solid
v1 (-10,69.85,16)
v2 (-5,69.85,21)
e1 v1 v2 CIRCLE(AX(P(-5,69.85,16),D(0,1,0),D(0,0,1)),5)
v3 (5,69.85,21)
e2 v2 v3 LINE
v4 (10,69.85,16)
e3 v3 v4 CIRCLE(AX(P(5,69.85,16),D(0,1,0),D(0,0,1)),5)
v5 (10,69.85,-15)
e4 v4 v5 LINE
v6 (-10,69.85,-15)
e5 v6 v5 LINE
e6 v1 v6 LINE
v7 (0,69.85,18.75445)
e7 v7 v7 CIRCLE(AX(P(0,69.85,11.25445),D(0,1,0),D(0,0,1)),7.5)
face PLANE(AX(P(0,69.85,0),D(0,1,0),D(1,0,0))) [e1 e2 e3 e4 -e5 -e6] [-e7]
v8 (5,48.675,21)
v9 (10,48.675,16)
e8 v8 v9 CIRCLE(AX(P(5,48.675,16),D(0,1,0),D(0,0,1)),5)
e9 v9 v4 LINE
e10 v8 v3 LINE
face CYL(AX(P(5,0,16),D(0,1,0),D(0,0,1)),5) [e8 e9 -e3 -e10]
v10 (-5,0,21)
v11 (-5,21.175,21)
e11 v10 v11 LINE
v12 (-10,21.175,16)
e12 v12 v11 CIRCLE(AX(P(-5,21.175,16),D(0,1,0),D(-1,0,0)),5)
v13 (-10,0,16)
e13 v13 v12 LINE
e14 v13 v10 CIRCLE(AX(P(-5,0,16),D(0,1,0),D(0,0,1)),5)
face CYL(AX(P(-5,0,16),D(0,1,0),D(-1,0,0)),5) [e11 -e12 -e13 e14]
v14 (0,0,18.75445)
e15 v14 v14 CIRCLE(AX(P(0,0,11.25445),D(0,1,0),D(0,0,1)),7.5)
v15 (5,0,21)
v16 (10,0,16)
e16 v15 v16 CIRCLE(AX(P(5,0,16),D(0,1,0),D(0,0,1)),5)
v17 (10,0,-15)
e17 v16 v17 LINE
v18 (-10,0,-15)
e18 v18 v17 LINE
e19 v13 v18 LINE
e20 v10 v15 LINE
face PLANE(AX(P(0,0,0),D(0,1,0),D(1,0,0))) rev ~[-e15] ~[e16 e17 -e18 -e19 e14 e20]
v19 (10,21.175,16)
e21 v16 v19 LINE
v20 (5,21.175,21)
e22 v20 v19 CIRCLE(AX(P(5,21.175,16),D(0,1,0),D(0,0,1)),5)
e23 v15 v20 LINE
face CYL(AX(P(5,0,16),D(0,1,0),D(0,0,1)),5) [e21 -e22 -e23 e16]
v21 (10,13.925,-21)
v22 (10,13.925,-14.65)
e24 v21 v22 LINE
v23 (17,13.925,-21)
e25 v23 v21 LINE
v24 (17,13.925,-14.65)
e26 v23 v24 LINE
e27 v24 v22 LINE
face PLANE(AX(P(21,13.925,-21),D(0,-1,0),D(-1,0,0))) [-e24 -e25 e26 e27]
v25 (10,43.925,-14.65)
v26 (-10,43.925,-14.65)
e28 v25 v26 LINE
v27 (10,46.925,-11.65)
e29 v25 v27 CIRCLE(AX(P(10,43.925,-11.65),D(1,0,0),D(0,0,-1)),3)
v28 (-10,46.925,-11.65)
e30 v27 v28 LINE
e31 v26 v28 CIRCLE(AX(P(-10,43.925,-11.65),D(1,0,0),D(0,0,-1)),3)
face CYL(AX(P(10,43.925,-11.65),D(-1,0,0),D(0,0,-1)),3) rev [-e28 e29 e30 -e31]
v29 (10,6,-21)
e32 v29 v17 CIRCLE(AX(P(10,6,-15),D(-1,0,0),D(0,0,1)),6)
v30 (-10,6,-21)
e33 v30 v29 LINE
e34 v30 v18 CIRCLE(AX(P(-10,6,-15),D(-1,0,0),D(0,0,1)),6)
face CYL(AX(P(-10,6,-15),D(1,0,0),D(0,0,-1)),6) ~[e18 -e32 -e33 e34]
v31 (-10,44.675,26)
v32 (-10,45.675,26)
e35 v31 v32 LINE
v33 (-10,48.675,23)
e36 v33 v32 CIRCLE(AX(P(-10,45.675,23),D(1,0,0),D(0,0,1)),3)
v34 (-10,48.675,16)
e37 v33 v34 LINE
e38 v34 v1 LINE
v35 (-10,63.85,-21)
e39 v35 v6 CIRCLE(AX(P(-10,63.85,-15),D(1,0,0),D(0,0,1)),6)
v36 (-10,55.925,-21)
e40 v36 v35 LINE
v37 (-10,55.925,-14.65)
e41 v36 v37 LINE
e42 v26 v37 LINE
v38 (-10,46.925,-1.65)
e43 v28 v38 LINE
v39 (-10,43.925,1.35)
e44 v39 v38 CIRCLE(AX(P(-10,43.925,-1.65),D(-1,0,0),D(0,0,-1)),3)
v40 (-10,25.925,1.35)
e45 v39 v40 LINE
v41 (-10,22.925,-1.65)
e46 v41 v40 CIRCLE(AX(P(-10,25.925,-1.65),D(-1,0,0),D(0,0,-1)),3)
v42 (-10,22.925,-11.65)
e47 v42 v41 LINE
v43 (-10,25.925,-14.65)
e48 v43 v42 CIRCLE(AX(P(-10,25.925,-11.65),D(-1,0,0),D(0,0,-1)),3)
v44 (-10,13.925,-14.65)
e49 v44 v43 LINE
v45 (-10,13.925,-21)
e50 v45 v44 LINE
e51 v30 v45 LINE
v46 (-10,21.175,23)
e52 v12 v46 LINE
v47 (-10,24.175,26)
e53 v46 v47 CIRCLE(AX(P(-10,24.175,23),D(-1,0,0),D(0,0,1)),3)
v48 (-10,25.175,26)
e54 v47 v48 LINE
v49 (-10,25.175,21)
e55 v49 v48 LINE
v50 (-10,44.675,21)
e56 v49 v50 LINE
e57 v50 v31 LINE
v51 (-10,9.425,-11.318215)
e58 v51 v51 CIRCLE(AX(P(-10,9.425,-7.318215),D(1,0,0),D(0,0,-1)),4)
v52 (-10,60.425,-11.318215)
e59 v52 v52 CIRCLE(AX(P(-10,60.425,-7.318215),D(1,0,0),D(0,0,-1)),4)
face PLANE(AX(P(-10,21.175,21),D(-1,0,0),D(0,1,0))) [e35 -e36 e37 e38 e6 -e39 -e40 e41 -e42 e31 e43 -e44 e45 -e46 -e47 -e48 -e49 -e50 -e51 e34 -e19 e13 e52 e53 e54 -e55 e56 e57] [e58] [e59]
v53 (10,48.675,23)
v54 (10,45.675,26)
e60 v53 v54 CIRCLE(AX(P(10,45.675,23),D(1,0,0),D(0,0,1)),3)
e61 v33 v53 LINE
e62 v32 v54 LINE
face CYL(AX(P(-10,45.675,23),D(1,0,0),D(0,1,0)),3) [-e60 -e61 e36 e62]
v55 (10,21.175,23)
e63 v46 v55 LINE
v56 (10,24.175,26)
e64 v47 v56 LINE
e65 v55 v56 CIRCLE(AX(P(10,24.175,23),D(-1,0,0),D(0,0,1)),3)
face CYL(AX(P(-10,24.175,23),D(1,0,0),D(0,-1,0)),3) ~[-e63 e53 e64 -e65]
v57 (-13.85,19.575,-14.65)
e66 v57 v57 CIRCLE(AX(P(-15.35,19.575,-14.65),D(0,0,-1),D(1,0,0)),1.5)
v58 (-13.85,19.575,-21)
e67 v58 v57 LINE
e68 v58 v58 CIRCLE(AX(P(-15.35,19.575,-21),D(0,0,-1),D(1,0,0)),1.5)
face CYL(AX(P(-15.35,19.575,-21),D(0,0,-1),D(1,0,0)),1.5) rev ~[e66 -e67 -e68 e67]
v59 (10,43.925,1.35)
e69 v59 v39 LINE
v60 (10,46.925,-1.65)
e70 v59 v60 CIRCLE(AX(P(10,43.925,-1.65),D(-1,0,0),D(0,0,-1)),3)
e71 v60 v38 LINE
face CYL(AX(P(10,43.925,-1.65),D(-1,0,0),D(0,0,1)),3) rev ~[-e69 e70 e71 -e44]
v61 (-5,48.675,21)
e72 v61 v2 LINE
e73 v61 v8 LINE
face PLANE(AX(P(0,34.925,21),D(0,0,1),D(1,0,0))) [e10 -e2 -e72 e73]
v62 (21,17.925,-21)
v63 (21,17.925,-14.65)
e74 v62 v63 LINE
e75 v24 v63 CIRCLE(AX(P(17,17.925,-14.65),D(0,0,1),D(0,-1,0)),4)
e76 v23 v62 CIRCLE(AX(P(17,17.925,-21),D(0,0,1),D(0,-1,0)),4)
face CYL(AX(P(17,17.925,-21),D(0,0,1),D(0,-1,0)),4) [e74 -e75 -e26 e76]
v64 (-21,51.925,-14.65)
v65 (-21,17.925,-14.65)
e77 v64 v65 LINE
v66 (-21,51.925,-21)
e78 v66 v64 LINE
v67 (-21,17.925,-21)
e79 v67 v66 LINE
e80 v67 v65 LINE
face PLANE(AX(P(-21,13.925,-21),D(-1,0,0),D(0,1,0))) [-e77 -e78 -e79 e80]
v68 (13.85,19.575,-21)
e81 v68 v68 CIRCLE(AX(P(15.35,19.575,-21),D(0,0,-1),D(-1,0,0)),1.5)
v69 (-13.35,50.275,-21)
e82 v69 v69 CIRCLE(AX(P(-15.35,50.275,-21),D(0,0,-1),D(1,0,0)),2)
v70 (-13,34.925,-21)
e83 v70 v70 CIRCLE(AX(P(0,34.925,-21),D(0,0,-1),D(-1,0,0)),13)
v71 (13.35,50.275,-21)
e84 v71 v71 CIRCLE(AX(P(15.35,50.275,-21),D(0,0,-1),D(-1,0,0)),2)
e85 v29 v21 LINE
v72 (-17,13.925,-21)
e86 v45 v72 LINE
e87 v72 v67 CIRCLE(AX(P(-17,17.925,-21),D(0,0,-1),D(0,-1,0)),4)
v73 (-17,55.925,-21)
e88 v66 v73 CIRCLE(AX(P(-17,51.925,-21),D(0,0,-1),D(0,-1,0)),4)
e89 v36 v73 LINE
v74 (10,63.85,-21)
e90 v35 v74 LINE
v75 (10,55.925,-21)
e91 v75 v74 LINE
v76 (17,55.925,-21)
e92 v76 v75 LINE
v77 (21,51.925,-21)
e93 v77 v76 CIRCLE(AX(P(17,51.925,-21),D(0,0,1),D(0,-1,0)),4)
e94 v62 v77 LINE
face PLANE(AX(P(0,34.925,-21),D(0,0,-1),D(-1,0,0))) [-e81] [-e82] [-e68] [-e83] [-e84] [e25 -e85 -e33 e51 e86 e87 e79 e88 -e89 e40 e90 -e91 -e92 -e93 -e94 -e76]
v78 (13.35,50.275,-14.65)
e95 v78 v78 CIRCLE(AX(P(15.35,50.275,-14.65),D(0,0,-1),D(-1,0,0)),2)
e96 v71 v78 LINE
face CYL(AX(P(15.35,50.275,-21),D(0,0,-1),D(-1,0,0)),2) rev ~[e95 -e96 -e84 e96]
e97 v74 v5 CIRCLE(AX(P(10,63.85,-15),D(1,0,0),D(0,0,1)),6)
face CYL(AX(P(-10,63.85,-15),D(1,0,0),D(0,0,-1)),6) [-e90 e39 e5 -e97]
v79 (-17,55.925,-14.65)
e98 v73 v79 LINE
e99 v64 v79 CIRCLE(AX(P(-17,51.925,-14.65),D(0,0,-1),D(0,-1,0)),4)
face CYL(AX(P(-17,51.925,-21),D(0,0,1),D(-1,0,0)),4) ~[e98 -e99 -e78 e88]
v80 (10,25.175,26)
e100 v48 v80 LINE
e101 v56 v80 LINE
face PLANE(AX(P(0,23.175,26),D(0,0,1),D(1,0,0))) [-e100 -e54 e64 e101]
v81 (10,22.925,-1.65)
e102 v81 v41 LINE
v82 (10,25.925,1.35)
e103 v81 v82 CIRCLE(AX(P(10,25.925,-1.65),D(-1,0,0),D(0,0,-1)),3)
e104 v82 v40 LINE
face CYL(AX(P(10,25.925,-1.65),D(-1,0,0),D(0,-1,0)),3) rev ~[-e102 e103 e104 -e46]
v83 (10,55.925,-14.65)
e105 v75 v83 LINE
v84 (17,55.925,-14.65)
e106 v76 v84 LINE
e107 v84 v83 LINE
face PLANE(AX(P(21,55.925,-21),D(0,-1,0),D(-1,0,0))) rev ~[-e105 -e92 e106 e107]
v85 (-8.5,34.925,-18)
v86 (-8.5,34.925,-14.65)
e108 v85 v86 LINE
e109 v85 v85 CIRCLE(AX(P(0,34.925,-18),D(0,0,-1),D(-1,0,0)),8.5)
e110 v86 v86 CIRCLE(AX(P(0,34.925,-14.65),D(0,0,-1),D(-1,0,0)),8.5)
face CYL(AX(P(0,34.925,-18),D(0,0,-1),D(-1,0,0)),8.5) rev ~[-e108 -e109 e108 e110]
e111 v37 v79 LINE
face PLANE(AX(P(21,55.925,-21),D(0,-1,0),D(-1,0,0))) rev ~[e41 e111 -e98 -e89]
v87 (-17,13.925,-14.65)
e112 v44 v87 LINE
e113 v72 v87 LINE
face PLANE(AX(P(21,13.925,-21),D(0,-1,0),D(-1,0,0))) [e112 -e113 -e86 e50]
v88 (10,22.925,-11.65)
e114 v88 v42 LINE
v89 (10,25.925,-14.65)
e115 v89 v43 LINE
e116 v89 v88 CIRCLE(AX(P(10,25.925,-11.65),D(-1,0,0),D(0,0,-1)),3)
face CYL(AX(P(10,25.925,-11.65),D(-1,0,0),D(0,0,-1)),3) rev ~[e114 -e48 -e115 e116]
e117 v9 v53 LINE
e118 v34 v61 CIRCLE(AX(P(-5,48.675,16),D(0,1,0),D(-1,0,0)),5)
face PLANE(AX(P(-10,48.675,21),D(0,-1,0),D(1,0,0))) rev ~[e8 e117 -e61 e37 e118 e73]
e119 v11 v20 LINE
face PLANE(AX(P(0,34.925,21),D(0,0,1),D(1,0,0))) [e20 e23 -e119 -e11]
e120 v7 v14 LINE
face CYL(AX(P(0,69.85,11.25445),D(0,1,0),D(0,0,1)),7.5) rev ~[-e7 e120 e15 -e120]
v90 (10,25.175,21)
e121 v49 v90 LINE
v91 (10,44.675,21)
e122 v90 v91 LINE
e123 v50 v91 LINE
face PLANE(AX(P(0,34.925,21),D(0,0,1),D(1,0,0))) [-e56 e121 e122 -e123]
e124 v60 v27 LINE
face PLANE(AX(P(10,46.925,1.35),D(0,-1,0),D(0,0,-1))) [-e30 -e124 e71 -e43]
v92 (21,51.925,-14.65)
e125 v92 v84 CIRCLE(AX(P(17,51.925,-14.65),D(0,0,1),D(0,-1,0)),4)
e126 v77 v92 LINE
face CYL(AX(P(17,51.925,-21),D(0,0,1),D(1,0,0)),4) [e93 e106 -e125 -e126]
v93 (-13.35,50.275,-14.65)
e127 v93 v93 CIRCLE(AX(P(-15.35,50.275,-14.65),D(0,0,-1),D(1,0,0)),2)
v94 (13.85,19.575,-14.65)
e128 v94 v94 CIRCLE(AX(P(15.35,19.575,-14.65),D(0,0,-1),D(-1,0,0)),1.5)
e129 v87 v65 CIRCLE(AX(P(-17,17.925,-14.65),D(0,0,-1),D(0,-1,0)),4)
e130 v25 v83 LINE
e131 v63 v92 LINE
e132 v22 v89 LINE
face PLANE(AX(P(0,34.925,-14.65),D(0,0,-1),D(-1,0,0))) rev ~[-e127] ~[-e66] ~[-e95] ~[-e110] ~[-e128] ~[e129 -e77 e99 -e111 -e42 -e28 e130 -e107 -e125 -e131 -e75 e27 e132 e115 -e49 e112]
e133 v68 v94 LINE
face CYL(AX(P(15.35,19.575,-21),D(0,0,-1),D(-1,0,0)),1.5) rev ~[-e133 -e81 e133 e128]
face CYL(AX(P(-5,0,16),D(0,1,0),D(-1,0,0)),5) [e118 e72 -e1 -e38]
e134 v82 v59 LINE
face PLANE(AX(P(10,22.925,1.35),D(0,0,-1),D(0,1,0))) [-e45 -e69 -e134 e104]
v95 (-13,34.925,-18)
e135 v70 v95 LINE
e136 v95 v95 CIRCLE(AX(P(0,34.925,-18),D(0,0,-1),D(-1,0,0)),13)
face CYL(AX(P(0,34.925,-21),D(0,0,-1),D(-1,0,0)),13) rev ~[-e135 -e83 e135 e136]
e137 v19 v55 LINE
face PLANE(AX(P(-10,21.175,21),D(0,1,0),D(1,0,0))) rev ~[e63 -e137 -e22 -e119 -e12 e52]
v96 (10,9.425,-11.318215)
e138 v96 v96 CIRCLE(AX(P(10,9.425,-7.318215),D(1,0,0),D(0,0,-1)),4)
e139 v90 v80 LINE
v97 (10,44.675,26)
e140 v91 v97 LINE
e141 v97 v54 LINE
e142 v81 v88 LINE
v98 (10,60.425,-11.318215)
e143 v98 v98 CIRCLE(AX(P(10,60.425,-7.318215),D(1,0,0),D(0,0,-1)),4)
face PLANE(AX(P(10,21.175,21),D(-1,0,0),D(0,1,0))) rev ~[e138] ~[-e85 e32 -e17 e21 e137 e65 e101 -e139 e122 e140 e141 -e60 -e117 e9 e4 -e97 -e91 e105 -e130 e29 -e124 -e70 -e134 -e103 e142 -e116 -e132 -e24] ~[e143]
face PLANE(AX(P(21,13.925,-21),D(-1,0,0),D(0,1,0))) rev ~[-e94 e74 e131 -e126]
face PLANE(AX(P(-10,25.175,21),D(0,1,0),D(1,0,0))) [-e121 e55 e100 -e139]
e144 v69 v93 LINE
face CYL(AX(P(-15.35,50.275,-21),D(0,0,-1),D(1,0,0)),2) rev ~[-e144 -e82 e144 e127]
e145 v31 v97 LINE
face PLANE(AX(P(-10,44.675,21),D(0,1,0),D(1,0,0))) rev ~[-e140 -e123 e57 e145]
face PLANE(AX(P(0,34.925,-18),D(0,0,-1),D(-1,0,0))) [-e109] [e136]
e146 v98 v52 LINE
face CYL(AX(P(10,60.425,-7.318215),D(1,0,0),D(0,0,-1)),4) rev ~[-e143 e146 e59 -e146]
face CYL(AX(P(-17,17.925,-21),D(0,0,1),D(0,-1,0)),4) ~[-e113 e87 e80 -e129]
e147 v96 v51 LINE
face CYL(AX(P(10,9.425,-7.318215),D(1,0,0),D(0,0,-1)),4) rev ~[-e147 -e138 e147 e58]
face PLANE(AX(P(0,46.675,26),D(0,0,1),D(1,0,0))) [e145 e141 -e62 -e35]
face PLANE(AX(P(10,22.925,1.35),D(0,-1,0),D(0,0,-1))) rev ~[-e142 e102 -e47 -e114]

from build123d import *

# Parameters (mm, degrees)
SKETCH1_W           = 20
SKETCH1_H           = 42
BOSS_EXTRUDE1_DEPTH = 69.85
FILLET1_R           = 5
SKETCH3_W           = 42
SKETCH3_H           = 42
BOSS_EXTRUDE2_DEPTH = 6.35
SKETCH4_W           = 16
SKETCH4_H           = 24
CUT_EXTRUDE2_DEPTH  = 80.252902155
SKETCH5_R           = 13
CUT_EXTRUDE3_DEPTH  = 3
CUT_EXTRUDE4_REACH  = 84.71
SKETCH7_R           = 8.5
SKETCH8_R           = 4
CUT_EXTRUDE5_DEPTH  = 80.252902155
FILLET2_R           = 6
FILLET3_R           = 4
FILLET4_R           = 3
SKETCH9_W           = 20
SKETCH9_H           = 27.5
BOSS_EXTRUDE3_DEPTH = 6.35
SKETCH2_R           = 7.5
CUT_EXTRUDE1_DEPTH  = 76.901399855
SKETCH10_W          = 20
SKETCH10_H          = 4
BOSS_EXTRUDE4_DEPTH = 5
FILLET6_R           = 3
SKETCH11_R          = 2
SKETCH11_R_2        = 1.5
CUT_EXTRUDE6_DEPTH  = 7


with BuildPart() as part:
    # Sketch1 → Boss-Extrude1 (new body)
    with BuildSketch(Plane(origin=(0, 0, 0), x_dir=(1, 0, 0), z_dir=(0, 1, 0))):
        Rectangle(SKETCH1_W, SKETCH1_H)
    extrude(amount=BOSS_EXTRUDE1_DEPTH)

    # Fillet1
    fillet1_edges = [part.edges().sort_by_distance(p)[0] for p in [
        (10, 34.925, 21),
        (-10, 34.925, 21),
    ]]
    fillet(fillet1_edges, radius=FILLET1_R)

    # Sketch3 → Boss-Extrude2 (add)
    with BuildSketch(Plane(origin=(0, 0, -21), x_dir=(-1, 0, 0), z_dir=(0, 0, -1))):
        with Locations((0, 34.925)):
            Rectangle(SKETCH3_W, SKETCH3_H)
    extrude(amount=-BOSS_EXTRUDE2_DEPTH)

    # Sketch4 → Cut-Extrude2 (cut, through all)
    with BuildSketch(Plane(origin=(10, 0, 0), x_dir=(0, 0, -1), z_dir=(1, 0, 0))):
        with Locations((6.65, 34.925)):
            Rectangle(SKETCH4_W, SKETCH4_H)
    extrude(amount=-CUT_EXTRUDE2_DEPTH, mode=Mode.SUBTRACT)

    # Sketch5 → Cut-Extrude3 (cut)
    with BuildSketch(Plane(origin=(0, 0, -21), x_dir=(-1, 0, 0), z_dir=(0, 0, -1))):
        with Locations((0, 34.925)):
            Circle(SKETCH5_R)
    extrude(amount=-CUT_EXTRUDE3_DEPTH, mode=Mode.SUBTRACT)

    # Sketch7 → Cut-Extrude4 (cut, up to next)
    with BuildSketch(Plane(origin=(0, 0, -18), x_dir=(-1, 0, 0), z_dir=(0, 0, -1)), mode=Mode.PRIVATE) as cut_extrude4_sk1:
        with Locations((0, 34.925)):
            Circle(SKETCH7_R)
    cut_extrude4_tool1 = extrude(cut_extrude4_sk1.sketch, amount=-CUT_EXTRUDE4_REACH, mode=Mode.PRIVATE) & part.part
    add(cut_extrude4_tool1.solids().sort_by_distance((0, 34.925, -18))[0], mode=Mode.SUBTRACT)

    # Sketch8 → Cut-Extrude5 (cut, through all)
    with BuildSketch(Plane(origin=(10, 0, 0), x_dir=(0, 0, -1), z_dir=(1, 0, 0))):
        with Locations((7.318215362, 60.425)):
            Circle(SKETCH8_R)
        with Locations((7.318215362, 9.425)):
            Circle(SKETCH8_R)
    extrude(amount=-CUT_EXTRUDE5_DEPTH, mode=Mode.SUBTRACT)

    # Fillet2
    fillet2_edges = [part.edges().sort_by_distance(p)[0] for p in [
        (0, 0, -21),
        (0, 69.85, -21),
    ]]
    fillet(fillet2_edges, radius=FILLET2_R)

    # Fillet3
    fillet3_edges = [part.edges().sort_by_distance(p)[0] for p in [
        (-21, 13.925, -17.825),
        (21, 55.925, -17.825),
        (-21, 55.925, -17.825),
        (21, 13.925, -17.825),
    ]]
    fillet(fillet3_edges, radius=FILLET3_R)

    # Fillet4
    fillet4_edges = [part.edges().sort_by_distance(p)[0] for p in [
        (0, 22.925, 1.35),
        (0, 46.925, -14.65),
        (0, 46.925, 1.35),
        (0, 22.925, -14.65),
    ]]
    fillet(fillet4_edges, radius=FILLET4_R)

    # Sketch9 → Boss-Extrude3 (add)
    with BuildSketch(Plane.XY.offset(21)):
        with Locations((0, 34.925)):
            Rectangle(SKETCH9_W, SKETCH9_H)
    extrude(amount=-BOSS_EXTRUDE3_DEPTH)

    # Sketch2 → Cut-Extrude1 (cut, through all)
    with BuildSketch(Plane(origin=(0, 69.85, 0), x_dir=(1, 0, 0), z_dir=(0, 1, 0))):
        with Locations(Location((0, -11.254449914, 0), (0, 0, 270))):
            Circle(SKETCH2_R)
    extrude(amount=-CUT_EXTRUDE1_DEPTH, mode=Mode.SUBTRACT)

    # Sketch10 → Boss-Extrude4 (add)
    with BuildSketch(Plane.XY.offset(21)):
        with Locations((0, 23.175)):
            Rectangle(SKETCH10_W, SKETCH10_H)
        with Locations((0, 46.675)):
            Rectangle(SKETCH10_W, SKETCH10_H)
    extrude(amount=BOSS_EXTRUDE4_DEPTH)

    # Fillet6
    fillet6_edges = [part.edges().sort_by_distance(p)[0] for p in [
        (0, 21.175, 26),
        (0, 48.675, 26),
    ]]
    fillet(fillet6_edges, radius=FILLET6_R)

    # Sketch11 → Cut-Extrude6 (cut)
    with BuildSketch(Plane(origin=(85.430800997, 34.822301654, -21), x_dir=(-1, 0, 0), z_dir=(0, 0, -1))):
        with Locations((70.080800997, 15.452698346)):
            Circle(SKETCH11_R)
        with Locations(Location((100.780800997, -15.247301654, 0), (0, 0, 180))):
            Circle(SKETCH11_R_2)
        with Locations((70.080800997, -15.247301654)):
            Circle(SKETCH11_R_2)
        with Locations(Location((100.780800997, 15.452698346, 0), (0, 0, 180))):
            Circle(SKETCH11_R)
    extrude(amount=-CUT_EXTRUDE6_DEPTH, mode=Mode.SUBTRACT)


solid = part.part
